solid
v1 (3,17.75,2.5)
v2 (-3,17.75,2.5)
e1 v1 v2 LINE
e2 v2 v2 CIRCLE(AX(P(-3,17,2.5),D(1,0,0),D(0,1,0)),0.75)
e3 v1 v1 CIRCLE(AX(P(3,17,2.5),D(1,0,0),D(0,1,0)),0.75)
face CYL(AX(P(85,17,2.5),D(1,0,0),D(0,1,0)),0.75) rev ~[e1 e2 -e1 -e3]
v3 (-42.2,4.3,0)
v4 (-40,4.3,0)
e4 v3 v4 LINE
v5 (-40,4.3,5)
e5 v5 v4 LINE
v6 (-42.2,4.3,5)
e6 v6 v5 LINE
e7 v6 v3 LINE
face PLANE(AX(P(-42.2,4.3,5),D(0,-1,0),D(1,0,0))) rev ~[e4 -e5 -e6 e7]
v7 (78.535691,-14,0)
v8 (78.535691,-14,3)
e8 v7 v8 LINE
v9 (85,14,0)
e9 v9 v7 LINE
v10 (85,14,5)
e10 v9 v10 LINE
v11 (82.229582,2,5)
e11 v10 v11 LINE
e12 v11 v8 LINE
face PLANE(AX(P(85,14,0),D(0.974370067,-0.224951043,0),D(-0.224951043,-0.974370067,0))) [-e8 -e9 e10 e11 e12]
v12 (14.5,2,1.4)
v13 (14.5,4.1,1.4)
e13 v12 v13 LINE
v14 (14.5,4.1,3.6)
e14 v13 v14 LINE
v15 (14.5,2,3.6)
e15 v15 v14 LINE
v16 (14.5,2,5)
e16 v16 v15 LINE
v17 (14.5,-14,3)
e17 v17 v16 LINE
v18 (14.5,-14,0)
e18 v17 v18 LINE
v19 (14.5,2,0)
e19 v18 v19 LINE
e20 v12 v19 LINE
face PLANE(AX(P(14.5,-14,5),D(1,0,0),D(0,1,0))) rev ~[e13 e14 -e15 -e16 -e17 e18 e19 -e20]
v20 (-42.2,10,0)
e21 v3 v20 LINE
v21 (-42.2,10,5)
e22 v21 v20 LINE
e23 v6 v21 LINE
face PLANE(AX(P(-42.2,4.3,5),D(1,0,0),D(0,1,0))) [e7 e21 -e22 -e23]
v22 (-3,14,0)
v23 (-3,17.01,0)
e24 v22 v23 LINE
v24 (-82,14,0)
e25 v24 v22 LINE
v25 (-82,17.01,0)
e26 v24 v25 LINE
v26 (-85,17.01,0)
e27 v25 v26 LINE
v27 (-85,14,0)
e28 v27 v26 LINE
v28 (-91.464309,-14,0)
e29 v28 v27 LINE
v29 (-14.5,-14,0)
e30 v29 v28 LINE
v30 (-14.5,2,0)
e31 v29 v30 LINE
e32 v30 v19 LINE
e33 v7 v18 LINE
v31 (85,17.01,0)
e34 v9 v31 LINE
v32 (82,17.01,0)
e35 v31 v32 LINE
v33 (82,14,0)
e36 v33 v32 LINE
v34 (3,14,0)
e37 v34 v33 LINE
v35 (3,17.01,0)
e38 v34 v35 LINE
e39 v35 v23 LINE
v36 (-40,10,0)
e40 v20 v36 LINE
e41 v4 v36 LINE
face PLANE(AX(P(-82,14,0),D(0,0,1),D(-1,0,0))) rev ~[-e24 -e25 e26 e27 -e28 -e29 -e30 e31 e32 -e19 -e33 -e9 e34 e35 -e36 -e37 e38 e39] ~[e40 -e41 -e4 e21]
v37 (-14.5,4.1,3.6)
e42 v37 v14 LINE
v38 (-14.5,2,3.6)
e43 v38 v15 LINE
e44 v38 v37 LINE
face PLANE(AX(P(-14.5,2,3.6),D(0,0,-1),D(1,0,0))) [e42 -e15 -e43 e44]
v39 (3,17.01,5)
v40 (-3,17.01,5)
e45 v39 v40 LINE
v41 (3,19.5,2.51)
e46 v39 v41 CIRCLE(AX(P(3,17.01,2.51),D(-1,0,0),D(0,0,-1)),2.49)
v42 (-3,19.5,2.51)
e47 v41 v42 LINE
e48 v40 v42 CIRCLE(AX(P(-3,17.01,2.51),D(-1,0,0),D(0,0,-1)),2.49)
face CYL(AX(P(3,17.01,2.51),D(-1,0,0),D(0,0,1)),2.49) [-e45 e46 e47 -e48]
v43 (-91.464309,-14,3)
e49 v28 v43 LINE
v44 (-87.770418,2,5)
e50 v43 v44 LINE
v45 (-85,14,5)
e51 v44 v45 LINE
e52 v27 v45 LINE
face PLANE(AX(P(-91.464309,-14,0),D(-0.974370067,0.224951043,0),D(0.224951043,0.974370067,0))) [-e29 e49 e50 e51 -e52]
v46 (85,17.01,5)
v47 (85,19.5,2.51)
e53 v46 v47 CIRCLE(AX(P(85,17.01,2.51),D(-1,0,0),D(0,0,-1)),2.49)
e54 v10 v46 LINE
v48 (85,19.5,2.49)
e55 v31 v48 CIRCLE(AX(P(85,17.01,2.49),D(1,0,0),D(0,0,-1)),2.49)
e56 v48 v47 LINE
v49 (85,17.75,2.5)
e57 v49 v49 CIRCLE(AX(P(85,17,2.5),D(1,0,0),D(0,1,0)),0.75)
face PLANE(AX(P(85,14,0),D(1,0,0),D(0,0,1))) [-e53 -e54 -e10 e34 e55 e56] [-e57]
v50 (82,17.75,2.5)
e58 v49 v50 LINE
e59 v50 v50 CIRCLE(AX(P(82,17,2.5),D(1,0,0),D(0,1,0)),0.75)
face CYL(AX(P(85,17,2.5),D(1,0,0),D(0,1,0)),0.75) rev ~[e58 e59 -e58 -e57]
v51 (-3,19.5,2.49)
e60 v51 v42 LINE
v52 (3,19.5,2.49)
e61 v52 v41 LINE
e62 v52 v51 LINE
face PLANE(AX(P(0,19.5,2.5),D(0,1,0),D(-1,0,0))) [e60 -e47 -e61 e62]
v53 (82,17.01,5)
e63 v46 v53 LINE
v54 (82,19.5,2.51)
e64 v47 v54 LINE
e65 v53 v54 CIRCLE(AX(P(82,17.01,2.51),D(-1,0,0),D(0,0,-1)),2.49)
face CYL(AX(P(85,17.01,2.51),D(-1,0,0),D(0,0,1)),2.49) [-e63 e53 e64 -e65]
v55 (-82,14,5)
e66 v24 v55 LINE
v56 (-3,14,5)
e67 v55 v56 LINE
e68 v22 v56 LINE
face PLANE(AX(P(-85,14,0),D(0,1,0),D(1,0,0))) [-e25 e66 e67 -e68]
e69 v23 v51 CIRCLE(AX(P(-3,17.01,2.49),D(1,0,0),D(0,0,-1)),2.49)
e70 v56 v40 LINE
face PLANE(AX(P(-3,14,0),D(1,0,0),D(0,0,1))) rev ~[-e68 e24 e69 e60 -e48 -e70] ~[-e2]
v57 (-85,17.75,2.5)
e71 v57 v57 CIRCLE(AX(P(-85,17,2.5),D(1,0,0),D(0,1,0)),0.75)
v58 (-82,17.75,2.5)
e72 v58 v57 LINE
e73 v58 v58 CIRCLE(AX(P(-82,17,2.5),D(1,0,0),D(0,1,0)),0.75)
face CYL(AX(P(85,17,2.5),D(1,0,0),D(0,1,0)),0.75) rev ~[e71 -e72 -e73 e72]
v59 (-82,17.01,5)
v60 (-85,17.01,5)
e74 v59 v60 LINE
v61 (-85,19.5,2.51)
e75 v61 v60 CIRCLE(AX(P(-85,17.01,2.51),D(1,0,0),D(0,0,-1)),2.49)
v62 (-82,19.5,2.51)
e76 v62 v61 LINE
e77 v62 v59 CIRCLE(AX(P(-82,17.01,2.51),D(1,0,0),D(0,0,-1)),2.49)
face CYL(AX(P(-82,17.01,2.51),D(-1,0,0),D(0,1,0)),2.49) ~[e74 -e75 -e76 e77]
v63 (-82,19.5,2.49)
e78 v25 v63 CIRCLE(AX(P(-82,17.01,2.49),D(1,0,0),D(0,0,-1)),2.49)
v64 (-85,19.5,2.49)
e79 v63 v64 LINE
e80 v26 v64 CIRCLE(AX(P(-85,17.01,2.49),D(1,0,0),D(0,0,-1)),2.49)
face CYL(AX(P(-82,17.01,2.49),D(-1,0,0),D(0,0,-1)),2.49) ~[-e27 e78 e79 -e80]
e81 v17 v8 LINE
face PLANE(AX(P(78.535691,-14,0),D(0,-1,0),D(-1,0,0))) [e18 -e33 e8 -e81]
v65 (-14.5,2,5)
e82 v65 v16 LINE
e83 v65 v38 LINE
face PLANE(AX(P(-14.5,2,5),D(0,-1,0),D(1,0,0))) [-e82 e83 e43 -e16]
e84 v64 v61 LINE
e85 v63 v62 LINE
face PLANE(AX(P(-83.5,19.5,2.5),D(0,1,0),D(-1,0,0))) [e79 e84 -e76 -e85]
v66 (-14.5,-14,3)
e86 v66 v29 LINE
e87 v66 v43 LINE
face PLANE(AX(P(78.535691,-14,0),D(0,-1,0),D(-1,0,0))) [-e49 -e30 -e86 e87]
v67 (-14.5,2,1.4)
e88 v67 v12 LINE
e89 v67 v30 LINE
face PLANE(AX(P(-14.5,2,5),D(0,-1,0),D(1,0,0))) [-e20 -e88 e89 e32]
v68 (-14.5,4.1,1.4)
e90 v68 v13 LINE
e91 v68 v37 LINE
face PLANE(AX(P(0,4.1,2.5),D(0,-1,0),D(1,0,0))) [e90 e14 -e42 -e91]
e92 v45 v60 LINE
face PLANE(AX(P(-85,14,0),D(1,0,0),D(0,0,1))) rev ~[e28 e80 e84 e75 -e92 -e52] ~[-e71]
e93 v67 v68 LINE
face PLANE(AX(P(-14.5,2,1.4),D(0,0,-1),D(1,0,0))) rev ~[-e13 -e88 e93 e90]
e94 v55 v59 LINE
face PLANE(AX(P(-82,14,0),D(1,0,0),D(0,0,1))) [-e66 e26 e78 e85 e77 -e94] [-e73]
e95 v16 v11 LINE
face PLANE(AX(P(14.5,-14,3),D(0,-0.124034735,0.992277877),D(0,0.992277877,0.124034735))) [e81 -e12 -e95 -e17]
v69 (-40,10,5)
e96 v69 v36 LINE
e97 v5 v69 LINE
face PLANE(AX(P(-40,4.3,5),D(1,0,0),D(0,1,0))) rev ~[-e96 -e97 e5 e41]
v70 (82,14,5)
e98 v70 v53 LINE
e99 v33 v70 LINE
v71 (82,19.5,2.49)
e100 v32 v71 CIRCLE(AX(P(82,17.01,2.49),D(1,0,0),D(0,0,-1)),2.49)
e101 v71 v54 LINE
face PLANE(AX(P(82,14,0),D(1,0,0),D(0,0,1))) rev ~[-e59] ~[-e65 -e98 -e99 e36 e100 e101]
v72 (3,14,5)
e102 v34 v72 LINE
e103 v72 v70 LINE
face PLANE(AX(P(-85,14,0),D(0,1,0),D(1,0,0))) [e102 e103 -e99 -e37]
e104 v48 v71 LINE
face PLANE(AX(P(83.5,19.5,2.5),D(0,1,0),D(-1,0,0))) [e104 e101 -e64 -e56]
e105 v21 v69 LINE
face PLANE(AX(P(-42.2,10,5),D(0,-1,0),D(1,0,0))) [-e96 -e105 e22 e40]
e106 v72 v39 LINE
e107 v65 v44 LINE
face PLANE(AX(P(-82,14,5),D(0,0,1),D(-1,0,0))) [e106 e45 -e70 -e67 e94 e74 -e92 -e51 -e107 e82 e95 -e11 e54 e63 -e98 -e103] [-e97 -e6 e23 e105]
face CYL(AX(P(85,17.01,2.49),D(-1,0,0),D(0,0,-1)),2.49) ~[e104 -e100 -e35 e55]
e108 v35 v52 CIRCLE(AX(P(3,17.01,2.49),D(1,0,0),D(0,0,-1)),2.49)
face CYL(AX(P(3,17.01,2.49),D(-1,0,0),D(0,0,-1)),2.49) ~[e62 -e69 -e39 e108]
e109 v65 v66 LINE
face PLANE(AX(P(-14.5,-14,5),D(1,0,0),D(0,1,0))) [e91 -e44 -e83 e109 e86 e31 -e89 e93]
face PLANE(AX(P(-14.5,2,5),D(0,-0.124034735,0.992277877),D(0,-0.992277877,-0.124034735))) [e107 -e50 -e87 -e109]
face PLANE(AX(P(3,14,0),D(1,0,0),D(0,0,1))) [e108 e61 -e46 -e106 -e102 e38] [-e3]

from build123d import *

# Parameters (mm, degrees)
PAD_DEPTH       = 5
SKETCH001_W     = 29
SKETCH001_H     = 16
POCKET_DEPTH    = 5
SKETCH002_W     = 29
SKETCH002_H     = 2.2
POCKET001_DEPTH = 2.1
POCKET002_DEPTH = 100
POCKET003_DEPTH = 100
SKETCH006_W     = 3
SKETCH006_H     = 5
SKETCH006_W_2   = 6
PAD001_DEPTH    = 5.5
SKETCH008_W     = 2.2
SKETCH008_H     = 5.7
POCKET005_DEPTH = 5
SKETCH009_R     = 0.75
POCKET006_DEPTH = 200
FILLET_R        = 2.49


with BuildPart() as part:
    # Sketch → Pad (new body)
    with BuildSketch(Plane.XY):
        Polygon((-85, 14), (85, 14), (78.535691, -14), (-91.464309, -14), align=None)
    extrude(amount=PAD_DEPTH)

    # Sketch001 (on Face6 of Pad) → Pocket (cut)
    with BuildSketch(Plane.XY.offset(5)):
        with Locations((0, -6)):
            Rectangle(SKETCH001_W, SKETCH001_H)
    extrude(amount=-POCKET_DEPTH, mode=Mode.SUBTRACT)

    # Sketch002 (on Face9 of Pocket) → Pocket001 (cut)
    with BuildSketch(Plane.XZ.offset(-2)):
        with Locations((0, 2.5)):
            Rectangle(SKETCH002_W, SKETCH002_H)
    extrude(amount=-POCKET001_DEPTH, mode=Mode.SUBTRACT)

    # Sketch004 (on Face8 of Pocket001) → Pocket002 (cut)
    with BuildSketch(Plane.YZ.offset(-14.5)):
        Polygon((-14, 5), (2, 5), (-14, 3), align=None)
    extrude(amount=-POCKET002_DEPTH, mode=Mode.SUBTRACT)

    # Sketch005 (on Face11 of Pocket002) → Pocket003 (cut)
    with BuildSketch(Plane(origin=(14.5, 0, 0), x_dir=(0, -1, 0), z_dir=(-1, 0, 0))):
        Polygon((-2, 5), (14, 5), (14, 3), align=None)
    extrude(amount=-POCKET003_DEPTH, mode=Mode.SUBTRACT)

    # Sketch006 (on Face1 of Pocket003) → Pad001 (join)
    with BuildSketch(Plane(origin=(0, 14, 0), x_dir=(-1, 0, 0), z_dir=(0, 1, 0))):
        with Locations((83.5, 2.5)):
            Rectangle(SKETCH006_W, SKETCH006_H)
        with Locations((-83.5, 2.5)):
            Rectangle(SKETCH006_W, SKETCH006_H)
        with Locations((0, 2.5)):
            Rectangle(SKETCH006_W_2, SKETCH006_H)
    extrude(amount=PAD001_DEPTH)

    # Sketch008 (on Face5 of Pocket001) → Pocket005 (cut)
    with BuildSketch(Plane.XY.offset(5)):
        with Locations((-41.1, 7.15)):
            Rectangle(SKETCH008_W, SKETCH008_H)
    extrude(amount=-POCKET005_DEPTH, mode=Mode.SUBTRACT)

    # Sketch009 (on Face35 of Pocket005) → Pocket006 (cut)
    with BuildSketch(Plane.YZ.offset(85)):
        with Locations((17, 2.5)):
            Circle(SKETCH009_R)
    extrude(amount=-POCKET006_DEPTH, mode=Mode.SUBTRACT)

    # Fillet
    fillet_edges = [part.edges().sort_by_distance(p)[0] for p in [
        (83.5, 19.5, 5),
        (83.5, 19.5, 0),
        (0, 19.5, 5),
        (0, 19.5, 0),
        (-83.5, 19.5, 5),
        (-83.5, 19.5, 0),
    ]]
    fillet(fillet_edges, radius=FILLET_R)


solid = part.part
